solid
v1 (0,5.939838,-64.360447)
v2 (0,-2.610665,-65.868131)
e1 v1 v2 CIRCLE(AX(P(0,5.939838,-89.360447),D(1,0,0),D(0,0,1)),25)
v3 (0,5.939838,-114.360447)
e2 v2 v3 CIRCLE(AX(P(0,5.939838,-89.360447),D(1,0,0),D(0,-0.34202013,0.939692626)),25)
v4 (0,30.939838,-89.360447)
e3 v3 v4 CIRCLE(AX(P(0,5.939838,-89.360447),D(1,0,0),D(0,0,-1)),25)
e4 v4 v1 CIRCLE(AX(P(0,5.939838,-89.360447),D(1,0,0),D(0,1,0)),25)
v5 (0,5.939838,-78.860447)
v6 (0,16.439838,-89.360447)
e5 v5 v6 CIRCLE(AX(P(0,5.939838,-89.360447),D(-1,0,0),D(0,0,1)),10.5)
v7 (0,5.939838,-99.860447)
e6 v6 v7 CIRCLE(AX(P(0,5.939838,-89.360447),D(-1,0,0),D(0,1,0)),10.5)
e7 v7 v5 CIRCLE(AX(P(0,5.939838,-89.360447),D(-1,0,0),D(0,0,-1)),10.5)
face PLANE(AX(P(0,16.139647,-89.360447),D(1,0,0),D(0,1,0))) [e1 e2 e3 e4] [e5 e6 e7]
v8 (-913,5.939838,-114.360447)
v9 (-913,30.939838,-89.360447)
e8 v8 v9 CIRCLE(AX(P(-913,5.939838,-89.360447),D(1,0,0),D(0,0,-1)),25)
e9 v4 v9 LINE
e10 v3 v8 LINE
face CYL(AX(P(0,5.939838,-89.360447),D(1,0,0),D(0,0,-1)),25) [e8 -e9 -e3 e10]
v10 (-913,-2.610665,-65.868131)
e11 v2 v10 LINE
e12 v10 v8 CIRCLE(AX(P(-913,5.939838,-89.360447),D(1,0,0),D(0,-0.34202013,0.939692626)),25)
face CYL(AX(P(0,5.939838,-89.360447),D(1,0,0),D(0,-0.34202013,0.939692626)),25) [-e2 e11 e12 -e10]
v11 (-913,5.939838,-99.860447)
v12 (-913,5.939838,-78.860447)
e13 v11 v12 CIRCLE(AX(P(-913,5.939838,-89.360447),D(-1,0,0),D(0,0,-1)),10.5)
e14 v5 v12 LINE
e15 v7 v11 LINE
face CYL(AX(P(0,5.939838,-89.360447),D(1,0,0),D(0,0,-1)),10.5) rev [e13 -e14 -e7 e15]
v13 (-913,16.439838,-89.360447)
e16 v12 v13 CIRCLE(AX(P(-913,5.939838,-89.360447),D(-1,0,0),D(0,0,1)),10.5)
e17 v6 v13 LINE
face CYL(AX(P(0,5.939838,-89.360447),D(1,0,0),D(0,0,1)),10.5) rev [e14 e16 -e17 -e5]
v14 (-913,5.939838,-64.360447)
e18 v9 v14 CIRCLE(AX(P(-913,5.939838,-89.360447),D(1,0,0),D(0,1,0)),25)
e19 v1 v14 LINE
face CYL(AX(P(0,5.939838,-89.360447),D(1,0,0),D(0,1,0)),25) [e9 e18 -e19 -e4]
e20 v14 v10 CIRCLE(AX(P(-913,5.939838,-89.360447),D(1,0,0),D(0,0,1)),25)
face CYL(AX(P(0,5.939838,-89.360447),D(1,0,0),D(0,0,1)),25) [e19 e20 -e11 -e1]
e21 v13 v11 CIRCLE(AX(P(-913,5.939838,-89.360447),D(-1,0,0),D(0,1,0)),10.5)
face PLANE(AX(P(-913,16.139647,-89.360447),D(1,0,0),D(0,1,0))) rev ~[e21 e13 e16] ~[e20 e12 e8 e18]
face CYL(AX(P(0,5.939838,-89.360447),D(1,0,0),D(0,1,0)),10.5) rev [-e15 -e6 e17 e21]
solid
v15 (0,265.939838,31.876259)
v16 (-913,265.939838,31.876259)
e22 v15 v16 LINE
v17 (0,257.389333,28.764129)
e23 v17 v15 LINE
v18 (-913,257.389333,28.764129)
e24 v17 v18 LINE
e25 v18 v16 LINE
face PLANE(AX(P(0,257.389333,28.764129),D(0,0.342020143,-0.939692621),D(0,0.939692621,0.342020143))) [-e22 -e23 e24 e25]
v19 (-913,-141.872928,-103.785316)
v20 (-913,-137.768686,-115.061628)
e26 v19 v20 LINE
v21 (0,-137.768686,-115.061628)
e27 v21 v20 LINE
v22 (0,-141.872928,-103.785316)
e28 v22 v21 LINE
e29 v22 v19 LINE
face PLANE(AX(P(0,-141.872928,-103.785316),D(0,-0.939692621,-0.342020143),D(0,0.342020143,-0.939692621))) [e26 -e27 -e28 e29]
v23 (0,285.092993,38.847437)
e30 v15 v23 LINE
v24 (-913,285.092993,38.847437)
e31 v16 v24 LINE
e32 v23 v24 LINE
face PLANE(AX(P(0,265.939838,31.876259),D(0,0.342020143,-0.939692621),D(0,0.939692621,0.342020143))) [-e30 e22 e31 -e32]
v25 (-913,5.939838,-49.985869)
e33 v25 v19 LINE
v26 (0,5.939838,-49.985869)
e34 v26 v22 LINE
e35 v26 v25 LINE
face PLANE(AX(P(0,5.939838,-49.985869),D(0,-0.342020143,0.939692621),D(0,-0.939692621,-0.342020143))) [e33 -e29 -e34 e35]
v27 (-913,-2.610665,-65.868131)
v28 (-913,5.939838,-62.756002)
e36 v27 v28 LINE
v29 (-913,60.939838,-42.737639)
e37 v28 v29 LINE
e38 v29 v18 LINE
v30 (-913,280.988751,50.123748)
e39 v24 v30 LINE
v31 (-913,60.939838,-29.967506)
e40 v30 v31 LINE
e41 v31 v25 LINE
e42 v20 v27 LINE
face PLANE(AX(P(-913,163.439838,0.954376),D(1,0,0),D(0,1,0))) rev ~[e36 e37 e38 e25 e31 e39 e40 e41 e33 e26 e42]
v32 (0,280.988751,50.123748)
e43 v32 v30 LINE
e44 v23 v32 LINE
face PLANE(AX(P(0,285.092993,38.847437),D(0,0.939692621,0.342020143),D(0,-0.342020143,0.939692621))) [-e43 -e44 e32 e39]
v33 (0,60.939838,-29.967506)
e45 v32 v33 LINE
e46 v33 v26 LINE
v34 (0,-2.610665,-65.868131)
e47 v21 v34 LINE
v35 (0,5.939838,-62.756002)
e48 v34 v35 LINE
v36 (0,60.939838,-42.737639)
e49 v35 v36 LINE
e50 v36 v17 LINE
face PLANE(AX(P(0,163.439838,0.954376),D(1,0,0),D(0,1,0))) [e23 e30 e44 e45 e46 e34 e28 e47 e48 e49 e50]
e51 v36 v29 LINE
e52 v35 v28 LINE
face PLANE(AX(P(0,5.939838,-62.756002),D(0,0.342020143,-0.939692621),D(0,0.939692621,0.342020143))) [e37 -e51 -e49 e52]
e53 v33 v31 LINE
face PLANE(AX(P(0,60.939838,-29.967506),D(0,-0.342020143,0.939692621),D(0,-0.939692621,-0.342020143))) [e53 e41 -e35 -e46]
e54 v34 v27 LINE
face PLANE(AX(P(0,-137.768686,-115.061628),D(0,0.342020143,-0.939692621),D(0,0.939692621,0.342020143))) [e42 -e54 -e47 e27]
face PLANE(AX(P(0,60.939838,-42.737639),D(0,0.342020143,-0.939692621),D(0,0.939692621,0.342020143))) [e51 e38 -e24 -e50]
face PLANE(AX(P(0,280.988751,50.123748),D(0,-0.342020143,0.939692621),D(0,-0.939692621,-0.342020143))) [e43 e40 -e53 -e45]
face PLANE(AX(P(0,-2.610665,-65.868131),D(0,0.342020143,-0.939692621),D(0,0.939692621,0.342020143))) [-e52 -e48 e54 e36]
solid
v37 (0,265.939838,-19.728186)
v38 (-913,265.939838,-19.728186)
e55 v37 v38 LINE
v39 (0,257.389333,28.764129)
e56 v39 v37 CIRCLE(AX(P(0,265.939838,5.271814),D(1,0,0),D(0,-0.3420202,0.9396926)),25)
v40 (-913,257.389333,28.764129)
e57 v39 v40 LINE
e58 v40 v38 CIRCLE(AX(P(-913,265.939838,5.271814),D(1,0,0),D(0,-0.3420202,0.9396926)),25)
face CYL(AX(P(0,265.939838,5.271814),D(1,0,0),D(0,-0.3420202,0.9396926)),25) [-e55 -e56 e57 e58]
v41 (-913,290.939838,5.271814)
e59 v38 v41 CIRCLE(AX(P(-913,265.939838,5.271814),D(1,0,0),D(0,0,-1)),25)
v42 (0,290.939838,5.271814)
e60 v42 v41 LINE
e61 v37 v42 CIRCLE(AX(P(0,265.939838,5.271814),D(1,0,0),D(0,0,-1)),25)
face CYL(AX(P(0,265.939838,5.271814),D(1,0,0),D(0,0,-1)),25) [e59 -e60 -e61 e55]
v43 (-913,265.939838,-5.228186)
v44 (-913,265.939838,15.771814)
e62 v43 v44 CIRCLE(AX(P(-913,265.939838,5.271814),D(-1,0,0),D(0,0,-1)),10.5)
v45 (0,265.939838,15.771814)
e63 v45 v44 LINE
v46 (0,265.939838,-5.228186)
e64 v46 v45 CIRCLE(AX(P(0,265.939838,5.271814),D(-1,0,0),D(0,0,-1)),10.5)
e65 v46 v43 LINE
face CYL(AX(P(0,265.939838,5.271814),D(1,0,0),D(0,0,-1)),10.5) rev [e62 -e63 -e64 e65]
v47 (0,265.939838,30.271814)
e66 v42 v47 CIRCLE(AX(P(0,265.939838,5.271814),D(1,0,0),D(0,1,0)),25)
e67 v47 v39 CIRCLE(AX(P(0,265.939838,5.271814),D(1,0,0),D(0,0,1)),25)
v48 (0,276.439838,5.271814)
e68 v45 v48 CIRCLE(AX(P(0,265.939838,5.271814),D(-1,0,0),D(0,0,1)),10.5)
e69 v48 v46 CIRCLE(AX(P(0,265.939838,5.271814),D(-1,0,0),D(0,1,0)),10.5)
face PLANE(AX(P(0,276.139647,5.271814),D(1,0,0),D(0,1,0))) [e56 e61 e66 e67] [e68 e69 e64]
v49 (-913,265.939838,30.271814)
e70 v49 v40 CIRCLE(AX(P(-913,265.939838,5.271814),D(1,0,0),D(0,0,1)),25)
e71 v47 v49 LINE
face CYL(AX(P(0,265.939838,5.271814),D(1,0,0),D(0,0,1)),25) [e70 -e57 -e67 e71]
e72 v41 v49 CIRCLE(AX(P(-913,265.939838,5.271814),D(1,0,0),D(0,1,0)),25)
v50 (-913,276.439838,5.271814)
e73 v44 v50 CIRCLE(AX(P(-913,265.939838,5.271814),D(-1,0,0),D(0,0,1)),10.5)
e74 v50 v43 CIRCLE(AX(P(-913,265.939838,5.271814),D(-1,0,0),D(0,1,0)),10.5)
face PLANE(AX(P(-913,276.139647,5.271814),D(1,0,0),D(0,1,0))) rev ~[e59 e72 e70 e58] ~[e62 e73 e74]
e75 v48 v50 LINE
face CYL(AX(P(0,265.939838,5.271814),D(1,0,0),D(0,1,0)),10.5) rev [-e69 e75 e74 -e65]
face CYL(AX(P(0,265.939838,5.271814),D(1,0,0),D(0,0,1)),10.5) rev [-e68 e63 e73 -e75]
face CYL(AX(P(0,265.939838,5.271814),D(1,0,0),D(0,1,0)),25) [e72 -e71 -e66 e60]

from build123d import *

# Parameters (mm, degrees)
F1_DEPTH = 913


with BuildPart() as f1:
    # F0 (on Right) → F1 (new body)
    with BuildSketch(Plane.YZ):
        with BuildLine():
            ThreePointArc((30.9398380864, -89.3604465055), (23.617507616, -71.6827769758), (5.9398380864, -64.3604465055))
            Line((5.9398380864, -64.3604465055), (5.9398380864, -78.8604465055))
            ThreePointArc((5.9398380864, -78.8604465055), (13.3644592888, -81.935825303), (16.4398380864, -89.3604465055))
            ThreePointArc((16.4398380864, -89.3604465055), (13.3644592888, -96.785067708), (5.9398380864, -99.8604465055))
            Line((5.9398380864, -99.8604465055), (5.9398380864, -114.3604465055))
            ThreePointArc((5.9398380864, -114.3604465055), (23.617507616, -107.0381160352), (30.9398380864, -89.3604465055))
        make_face()
        with BuildLine():
            Line((5.9398380864, -78.8604465055), (5.9398380864, -64.3604465055))
            ThreePointArc((5.9398380864, -64.3604465055), (1.5986338258, -64.7402526483), (-2.6106651512, -65.8681308601))
            ThreePointArc((-2.6106651512, -65.8681308601), (-18.6803557709, -93.7016507661), (5.9398380864, -114.3604465055))
            Line((5.9398380864, -114.3604465055), (5.9398380864, -99.8604465055))
            ThreePointArc((5.9398380864, -99.8604465055), (-4.5601619136, -89.3604465055), (5.9398380864, -78.8604465055))
        make_face()
    extrude(amount=-F1_DEPTH)


with BuildPart() as f1b:
    # F0 (on Right) → F1, piece 2 (new body)
    with BuildSketch(Plane.YZ):
        with BuildLine():
            ThreePointArc((290.9398380864, 5.2718144037), (283.617507616, 22.9494839334), (265.9398380864, 30.2718144037))
            Line((265.9398380864, 30.2718144037), (265.9398380864, 15.7718144037))
            ThreePointArc((265.9398380864, 15.7718144037), (273.3644592888, 12.6964356062), (276.4398380864, 5.2718144037))
            ThreePointArc((276.4398380864, 5.2718144037), (273.3644592888, -2.1528067987), (265.9398380864, -5.2281855963))
            Line((265.9398380864, -5.2281855963), (265.9398380864, -19.7281855963))
            ThreePointArc((265.9398380864, -19.7281855963), (283.617507616, -12.4058551259), (290.9398380864, 5.2718144037))
        make_face()
        with BuildLine():
            ThreePointArc((265.9398380864, 30.2718144037), (261.5986329076, 29.892008099), (257.3893330965, 28.7641294114))
            ThreePointArc((257.3893330965, 28.7641294114), (241.319644391, 0.9306092249), (265.9398380864, -19.7281855963))
            Line((265.9398380864, -19.7281855963), (265.9398380864, -5.2281855963))
            ThreePointArc((265.9398380864, -5.2281855963), (255.4398380864, 5.2718144037), (265.9398380864, 15.7718144037))
            Line((265.9398380864, 15.7718144037), (265.9398380864, 30.2718144037))
        make_face()
    extrude(amount=-F1_DEPTH)


with BuildPart() as f1c:
    # F0 (on Right) → F1, piece 3 (new body)
    with BuildSketch(Plane.YZ):
        Polygon((265.9398380864, 44.6463919853), (60.9398380864, -29.9675060392), (60.9398380864, -42.737639309), (257.3893330965, 28.7641294114), (265.9398380864, 31.8762587156), align=None)
        Polygon((60.9398380864, -29.9675060392), (5.9398380864, -49.9858689239), (5.9398380864, -62.7560021936), (60.9398380864, -42.737639309), align=None)
        Polygon((5.9398380864, -62.7560021936), (5.9398380864, -49.9858689239), (-141.8729281845, -103.785316091), (-137.7686864646, -115.0616275405), (-2.6106651512, -65.8681308601), align=None)
        Polygon((280.9887511692, 50.1237484055), (265.9398380864, 44.6463919853), (265.9398380864, 31.8762587156), (285.0929928891, 38.8474369561), align=None)
    extrude(amount=-F1_DEPTH)


solid = Compound([f1.part, f1b.part, f1c.part])
